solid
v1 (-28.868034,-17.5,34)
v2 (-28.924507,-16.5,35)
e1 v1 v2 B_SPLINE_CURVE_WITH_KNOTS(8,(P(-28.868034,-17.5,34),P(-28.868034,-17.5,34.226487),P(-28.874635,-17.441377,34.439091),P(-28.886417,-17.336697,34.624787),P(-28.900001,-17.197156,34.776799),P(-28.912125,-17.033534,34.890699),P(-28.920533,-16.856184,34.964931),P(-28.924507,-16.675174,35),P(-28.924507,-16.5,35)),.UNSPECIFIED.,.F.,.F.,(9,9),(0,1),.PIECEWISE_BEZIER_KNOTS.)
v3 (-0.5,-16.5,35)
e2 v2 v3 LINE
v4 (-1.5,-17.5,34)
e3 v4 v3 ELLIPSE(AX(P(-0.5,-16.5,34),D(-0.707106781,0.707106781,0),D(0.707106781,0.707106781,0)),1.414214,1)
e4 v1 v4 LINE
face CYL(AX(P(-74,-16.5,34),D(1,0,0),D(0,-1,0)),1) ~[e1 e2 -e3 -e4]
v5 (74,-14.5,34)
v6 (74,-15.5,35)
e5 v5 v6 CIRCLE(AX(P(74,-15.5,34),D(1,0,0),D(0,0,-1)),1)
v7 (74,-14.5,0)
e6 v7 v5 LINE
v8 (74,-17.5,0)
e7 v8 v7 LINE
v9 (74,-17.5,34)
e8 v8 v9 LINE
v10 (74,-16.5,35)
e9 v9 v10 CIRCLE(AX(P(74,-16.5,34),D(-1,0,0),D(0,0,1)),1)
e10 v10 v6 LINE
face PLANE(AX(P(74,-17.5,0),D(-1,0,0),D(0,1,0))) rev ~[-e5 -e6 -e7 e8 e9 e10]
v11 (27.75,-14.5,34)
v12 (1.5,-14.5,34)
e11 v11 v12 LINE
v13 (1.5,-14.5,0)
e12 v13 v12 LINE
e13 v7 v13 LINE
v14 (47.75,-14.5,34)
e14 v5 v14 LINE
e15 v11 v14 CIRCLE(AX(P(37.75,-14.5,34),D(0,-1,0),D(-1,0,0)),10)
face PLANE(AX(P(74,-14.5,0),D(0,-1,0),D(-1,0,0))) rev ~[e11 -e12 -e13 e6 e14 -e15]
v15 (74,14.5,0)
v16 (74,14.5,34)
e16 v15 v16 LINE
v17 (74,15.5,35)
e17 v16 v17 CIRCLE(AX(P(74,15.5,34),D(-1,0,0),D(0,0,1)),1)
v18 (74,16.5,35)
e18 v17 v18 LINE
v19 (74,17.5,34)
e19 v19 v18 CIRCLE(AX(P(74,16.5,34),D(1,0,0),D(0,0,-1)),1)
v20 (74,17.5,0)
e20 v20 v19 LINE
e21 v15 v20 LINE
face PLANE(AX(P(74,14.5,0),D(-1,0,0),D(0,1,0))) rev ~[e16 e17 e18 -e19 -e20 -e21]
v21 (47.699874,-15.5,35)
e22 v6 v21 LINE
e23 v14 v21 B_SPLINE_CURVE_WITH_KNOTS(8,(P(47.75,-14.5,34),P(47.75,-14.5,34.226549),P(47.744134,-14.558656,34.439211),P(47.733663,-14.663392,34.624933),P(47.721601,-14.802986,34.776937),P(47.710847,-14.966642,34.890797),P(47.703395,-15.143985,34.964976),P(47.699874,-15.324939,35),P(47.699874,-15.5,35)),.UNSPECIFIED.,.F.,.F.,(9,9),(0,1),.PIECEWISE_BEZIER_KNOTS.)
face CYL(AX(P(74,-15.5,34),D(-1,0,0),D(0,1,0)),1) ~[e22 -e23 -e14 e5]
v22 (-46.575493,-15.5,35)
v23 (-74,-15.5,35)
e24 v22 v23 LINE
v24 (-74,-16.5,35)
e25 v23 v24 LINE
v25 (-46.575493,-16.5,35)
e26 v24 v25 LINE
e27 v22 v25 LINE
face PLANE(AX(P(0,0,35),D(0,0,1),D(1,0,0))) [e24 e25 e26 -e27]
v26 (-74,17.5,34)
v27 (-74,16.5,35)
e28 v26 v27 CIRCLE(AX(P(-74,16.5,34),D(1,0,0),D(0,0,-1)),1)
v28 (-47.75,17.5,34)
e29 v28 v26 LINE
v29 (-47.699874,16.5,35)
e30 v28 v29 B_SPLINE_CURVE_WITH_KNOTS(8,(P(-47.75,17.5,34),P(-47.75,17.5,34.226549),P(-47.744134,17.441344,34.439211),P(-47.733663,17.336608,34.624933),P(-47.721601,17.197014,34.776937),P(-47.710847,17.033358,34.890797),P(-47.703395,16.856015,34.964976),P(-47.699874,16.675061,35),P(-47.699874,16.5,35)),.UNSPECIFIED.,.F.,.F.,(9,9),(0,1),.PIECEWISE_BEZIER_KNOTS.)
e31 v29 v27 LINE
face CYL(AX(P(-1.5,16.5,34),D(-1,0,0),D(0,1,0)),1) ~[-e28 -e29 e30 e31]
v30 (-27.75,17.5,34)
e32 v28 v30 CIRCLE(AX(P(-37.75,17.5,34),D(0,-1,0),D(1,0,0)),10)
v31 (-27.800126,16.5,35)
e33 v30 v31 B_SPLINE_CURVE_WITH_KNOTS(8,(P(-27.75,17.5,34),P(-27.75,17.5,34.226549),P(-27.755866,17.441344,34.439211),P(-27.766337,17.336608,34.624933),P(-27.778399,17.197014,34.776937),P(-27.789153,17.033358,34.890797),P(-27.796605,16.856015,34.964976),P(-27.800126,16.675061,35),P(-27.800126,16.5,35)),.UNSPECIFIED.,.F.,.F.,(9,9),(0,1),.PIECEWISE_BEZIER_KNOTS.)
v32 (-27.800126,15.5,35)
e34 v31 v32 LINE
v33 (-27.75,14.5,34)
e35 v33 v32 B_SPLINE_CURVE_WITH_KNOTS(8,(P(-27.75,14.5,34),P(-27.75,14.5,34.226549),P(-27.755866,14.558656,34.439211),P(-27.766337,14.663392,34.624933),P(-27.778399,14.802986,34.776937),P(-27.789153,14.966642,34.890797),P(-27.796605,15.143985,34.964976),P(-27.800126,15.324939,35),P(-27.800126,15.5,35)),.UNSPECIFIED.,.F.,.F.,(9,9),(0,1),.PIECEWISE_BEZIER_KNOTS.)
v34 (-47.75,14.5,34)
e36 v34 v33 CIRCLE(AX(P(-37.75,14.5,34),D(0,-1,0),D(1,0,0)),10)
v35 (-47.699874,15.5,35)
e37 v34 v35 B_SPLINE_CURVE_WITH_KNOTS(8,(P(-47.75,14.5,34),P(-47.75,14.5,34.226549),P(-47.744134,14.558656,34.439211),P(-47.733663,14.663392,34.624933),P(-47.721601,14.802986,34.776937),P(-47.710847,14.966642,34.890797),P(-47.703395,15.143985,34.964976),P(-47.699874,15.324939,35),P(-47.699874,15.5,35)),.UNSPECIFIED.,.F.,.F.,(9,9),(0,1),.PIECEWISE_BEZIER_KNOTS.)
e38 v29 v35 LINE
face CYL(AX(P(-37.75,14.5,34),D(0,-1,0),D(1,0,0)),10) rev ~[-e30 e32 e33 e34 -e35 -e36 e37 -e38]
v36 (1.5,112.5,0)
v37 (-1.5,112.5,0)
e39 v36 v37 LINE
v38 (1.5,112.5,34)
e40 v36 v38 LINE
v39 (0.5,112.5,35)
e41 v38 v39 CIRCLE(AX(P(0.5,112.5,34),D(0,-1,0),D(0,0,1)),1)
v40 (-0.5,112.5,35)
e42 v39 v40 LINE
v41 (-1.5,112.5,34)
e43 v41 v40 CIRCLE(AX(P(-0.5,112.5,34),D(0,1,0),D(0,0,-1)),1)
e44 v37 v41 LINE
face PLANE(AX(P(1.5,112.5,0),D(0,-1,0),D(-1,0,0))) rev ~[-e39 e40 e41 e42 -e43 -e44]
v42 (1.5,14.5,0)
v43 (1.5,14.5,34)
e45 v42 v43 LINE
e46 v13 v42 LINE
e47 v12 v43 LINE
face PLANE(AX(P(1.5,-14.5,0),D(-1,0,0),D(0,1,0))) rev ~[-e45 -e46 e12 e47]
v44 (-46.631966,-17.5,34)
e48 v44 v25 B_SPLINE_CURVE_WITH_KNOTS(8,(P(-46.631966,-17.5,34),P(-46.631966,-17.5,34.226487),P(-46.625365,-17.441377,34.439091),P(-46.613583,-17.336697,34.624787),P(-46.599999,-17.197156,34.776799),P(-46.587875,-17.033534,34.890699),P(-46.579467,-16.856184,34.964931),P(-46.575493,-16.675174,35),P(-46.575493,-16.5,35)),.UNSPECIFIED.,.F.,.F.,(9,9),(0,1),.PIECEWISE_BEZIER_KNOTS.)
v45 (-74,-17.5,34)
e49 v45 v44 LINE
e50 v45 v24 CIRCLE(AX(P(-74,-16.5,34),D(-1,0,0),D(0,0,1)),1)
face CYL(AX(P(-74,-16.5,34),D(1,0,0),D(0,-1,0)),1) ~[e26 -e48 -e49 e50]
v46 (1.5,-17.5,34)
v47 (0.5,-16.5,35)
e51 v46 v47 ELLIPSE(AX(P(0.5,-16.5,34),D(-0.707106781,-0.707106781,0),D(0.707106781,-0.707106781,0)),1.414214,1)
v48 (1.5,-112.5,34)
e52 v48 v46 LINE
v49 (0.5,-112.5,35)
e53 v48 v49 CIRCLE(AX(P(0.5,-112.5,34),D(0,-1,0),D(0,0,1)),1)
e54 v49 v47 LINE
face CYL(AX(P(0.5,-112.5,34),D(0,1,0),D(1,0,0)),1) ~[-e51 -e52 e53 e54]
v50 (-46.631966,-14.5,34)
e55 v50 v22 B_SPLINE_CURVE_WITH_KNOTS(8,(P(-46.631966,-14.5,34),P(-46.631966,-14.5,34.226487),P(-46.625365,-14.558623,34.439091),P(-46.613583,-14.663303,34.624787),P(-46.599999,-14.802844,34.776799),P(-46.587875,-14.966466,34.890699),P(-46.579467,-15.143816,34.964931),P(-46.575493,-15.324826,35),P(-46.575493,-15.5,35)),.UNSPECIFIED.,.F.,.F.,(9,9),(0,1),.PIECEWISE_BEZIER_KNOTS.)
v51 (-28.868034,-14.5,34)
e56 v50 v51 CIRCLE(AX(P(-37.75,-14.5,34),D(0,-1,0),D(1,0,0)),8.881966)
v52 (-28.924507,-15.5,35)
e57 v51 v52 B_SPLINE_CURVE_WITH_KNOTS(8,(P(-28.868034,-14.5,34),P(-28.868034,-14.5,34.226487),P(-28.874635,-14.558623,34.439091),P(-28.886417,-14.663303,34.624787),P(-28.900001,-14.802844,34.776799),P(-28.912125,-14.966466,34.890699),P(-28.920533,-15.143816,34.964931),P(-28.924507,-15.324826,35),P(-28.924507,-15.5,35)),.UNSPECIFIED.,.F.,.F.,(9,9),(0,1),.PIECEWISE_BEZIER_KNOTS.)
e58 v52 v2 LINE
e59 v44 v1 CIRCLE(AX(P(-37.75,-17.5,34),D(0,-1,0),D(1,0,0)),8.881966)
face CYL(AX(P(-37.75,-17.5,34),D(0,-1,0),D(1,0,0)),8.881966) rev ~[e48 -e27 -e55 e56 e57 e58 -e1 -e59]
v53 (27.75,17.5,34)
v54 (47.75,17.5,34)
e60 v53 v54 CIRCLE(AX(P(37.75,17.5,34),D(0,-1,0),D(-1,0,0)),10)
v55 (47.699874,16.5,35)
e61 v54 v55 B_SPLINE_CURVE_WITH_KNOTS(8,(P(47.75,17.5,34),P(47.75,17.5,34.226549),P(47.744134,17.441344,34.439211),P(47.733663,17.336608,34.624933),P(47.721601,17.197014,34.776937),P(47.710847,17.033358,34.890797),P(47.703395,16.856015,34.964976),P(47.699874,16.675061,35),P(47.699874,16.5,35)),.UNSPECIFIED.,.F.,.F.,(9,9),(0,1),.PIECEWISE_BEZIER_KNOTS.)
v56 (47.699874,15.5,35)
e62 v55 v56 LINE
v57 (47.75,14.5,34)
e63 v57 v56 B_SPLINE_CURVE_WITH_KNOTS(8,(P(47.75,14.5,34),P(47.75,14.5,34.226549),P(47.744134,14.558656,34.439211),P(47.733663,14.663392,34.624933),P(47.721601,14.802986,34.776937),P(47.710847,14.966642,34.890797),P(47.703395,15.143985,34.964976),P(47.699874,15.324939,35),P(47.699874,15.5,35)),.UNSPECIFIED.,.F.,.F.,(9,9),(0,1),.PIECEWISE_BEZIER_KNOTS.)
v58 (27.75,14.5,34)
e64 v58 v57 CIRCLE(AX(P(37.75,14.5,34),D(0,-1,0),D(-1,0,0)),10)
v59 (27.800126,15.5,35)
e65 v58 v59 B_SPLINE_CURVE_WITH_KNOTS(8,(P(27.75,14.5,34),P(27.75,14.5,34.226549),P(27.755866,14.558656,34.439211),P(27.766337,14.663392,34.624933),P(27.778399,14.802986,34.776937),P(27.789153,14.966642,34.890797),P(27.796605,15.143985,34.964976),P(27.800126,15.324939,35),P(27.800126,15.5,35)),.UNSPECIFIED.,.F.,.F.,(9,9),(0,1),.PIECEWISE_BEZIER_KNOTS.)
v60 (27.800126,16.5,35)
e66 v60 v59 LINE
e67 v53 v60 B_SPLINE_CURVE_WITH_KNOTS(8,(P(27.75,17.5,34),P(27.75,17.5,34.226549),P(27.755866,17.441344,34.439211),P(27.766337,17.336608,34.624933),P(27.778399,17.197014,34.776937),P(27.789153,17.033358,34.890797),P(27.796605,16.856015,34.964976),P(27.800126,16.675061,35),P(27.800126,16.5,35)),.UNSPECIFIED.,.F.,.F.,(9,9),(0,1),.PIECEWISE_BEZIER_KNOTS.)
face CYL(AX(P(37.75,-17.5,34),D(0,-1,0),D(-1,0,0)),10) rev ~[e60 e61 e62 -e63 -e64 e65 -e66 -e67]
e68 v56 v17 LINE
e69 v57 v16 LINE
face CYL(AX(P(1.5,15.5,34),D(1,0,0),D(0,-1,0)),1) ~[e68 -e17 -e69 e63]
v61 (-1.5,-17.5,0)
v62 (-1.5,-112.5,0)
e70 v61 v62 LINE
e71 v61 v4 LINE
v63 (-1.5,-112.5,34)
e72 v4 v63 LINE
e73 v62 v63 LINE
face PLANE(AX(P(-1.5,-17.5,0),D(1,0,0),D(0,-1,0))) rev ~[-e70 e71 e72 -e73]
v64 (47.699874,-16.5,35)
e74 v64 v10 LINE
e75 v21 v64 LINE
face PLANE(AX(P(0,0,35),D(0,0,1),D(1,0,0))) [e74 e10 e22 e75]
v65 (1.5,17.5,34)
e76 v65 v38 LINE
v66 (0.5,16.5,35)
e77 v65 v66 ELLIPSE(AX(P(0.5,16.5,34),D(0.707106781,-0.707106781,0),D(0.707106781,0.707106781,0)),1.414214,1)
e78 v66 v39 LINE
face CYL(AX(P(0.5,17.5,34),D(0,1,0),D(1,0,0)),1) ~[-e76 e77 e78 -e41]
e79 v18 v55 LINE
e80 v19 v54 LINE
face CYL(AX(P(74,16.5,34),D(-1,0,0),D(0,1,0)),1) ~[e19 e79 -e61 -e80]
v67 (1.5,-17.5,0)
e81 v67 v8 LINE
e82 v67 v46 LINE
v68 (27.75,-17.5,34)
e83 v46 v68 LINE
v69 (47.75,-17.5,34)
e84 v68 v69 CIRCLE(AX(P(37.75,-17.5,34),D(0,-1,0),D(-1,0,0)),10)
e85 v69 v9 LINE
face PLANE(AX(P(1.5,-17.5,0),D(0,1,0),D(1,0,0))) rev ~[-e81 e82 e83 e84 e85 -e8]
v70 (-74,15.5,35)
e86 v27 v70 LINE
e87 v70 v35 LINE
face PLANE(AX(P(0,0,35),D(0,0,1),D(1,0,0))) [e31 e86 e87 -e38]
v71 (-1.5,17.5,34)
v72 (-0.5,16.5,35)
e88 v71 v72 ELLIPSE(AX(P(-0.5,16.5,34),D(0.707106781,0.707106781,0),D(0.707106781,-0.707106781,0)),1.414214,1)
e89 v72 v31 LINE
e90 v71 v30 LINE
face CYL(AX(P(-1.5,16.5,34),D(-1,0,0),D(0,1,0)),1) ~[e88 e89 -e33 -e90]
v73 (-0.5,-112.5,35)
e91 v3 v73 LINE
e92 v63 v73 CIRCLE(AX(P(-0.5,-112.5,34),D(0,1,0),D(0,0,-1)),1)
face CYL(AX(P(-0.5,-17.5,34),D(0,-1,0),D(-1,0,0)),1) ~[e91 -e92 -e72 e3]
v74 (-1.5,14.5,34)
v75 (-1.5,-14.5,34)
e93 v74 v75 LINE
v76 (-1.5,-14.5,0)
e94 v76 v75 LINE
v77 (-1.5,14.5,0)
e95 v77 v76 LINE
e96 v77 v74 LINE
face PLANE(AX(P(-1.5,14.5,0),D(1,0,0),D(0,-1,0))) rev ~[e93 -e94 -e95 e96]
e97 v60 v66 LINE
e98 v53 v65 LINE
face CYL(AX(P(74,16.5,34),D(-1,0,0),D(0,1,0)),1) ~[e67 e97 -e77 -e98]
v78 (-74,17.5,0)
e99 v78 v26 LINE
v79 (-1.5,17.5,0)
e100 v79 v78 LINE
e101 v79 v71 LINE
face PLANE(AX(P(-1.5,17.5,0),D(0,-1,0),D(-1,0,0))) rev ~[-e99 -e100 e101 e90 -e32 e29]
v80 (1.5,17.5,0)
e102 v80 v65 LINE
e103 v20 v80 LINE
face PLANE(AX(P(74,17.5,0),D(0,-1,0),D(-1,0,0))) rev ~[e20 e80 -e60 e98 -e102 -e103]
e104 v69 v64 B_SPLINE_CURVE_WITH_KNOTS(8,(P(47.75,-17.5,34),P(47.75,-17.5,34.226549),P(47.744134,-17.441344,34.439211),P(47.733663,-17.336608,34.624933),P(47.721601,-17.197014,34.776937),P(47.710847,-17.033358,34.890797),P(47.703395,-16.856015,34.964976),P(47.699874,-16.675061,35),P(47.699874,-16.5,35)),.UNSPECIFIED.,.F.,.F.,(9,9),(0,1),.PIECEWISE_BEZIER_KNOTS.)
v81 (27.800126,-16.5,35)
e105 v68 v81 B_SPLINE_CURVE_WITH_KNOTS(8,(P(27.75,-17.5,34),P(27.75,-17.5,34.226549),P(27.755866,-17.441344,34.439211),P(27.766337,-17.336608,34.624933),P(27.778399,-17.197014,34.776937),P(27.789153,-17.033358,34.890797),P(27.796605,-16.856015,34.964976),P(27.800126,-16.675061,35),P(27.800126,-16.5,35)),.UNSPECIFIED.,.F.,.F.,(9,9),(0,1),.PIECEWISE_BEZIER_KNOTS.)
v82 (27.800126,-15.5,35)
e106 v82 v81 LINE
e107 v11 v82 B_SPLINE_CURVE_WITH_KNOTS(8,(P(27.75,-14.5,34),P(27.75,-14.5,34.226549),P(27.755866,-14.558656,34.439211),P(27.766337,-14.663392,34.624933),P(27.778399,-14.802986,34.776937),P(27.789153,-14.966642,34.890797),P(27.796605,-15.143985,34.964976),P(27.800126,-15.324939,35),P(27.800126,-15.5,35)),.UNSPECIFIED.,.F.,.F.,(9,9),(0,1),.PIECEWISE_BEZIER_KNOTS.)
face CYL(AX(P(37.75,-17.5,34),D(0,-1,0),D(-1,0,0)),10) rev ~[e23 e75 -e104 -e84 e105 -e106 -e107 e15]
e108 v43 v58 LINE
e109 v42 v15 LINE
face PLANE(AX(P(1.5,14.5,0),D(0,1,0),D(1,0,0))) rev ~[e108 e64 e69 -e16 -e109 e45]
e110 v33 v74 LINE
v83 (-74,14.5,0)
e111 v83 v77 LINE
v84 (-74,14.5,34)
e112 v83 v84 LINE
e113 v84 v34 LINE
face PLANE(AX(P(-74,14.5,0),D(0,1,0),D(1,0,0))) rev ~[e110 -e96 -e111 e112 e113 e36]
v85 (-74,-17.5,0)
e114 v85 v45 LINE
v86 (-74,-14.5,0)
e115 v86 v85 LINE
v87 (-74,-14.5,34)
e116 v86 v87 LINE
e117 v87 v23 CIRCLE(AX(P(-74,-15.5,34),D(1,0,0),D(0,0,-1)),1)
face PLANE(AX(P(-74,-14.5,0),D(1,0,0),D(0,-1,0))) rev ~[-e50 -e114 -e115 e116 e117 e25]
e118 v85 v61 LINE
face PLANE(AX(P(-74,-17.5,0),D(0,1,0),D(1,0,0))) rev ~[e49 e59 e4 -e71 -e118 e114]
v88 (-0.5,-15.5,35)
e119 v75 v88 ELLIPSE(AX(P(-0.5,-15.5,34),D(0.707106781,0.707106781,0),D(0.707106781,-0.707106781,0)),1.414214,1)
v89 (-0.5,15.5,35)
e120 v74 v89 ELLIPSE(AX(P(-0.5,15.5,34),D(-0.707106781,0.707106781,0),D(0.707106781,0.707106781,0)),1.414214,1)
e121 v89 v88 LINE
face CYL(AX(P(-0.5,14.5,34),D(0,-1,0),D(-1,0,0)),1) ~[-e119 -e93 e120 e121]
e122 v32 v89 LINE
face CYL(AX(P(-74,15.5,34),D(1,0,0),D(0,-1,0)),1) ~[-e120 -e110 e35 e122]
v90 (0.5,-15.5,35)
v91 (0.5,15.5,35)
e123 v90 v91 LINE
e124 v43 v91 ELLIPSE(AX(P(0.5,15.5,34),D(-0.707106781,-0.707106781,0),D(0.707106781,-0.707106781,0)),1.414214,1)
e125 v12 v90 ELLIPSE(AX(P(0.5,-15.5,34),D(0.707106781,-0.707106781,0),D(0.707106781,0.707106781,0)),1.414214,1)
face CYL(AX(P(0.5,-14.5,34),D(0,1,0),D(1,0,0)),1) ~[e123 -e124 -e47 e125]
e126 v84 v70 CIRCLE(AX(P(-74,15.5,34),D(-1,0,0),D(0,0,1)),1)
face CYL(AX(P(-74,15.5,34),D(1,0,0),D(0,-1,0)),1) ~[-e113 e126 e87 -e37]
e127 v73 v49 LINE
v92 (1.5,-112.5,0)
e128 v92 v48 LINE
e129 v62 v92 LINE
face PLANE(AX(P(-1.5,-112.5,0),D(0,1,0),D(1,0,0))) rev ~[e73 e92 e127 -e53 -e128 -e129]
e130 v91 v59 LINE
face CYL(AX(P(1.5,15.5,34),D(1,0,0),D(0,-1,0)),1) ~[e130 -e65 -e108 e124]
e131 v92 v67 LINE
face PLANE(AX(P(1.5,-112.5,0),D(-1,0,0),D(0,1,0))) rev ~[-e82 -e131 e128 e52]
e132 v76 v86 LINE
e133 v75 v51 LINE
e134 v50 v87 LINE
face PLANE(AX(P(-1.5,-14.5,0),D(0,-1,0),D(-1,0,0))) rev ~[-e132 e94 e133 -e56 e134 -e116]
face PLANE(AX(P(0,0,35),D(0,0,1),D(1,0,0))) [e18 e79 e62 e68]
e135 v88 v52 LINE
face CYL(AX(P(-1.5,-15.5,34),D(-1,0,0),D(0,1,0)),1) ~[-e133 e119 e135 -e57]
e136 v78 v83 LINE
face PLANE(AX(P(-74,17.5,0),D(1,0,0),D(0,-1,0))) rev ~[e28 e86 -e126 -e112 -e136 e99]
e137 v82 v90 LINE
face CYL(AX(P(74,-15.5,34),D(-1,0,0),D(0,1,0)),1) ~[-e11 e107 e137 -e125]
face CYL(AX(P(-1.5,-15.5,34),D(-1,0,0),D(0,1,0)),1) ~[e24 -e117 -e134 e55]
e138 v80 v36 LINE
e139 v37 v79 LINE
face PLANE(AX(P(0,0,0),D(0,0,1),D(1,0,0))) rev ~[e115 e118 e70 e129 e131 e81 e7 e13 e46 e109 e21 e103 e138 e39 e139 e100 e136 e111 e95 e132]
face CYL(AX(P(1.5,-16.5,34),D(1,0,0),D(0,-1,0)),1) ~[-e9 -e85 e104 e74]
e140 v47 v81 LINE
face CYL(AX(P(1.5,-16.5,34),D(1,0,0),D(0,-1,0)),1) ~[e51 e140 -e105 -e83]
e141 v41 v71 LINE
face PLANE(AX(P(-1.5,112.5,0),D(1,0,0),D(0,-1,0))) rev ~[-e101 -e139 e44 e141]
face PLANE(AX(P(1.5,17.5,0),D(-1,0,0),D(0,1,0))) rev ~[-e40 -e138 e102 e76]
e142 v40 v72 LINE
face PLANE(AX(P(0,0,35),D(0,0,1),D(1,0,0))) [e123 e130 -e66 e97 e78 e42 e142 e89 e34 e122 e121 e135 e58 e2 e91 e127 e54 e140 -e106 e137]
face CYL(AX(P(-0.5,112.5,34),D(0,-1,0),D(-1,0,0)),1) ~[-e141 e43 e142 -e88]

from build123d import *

# Parameters (mm, degrees)
F1_DEPTH = 35
F2_R     = 1
F4_DEPTH = 25
F6_DEPTH = 25
F8_DEPTH = 130.001


with BuildPart() as f1:
    # F0 (on Top) → F1 (new body)
    with BuildSketch(Plane.XY):
        Polygon((1.5, 17.5), (1.5, 112.5), (-1.5, 112.5), (-1.5, 17.5), (-74, 17.5), (-74, 14.5), (-1.5, 14.5), (-1.5, -14.5), (-74, -14.5), (-74, -17.5), (-1.5, -17.5), (-1.5, -112.5), (1.5, -112.5), (1.5, -17.5), (74, -17.5), (74, -14.5), (1.5, -14.5), (1.5, 14.5), (74, 14.5), (74, 17.5), align=None)
    extrude(amount=F1_DEPTH)

    # F2
    f2_edges = [f1.edges().sort_by_distance(p)[0] for p in [
        (-37.75, 14.5, 35),
        (-1.5, 65, 35),
        (-37.75, 17.5, 35),
        (1.5, 65, 35),
        (37.75, 17.5, 35),
        (37.75, 14.5, 35),
        (1.5, 0, 35),
        (-1.5, 0, 35),
        (-37.75, -14.5, 35),
        (-37.75, -17.5, 35),
        (37.75, -14.5, 35),
        (37.75, -17.5, 35),
        (-1.5, -65, 35),
        (1.5, -65, 35),
    ]]
    fillet(f2_edges, radius=F2_R)

    # F3 (on face) → F4 (cut)
    with BuildSketch(Plane.XZ.offset(17.5)):
        with BuildLine():
            ThreePointArc((-46.6319660113, 34), (-37.75, 25.1180339887), (-28.8680339887, 34))
            Line((-28.8680339887, 34), (-46.6319660113, 34))
        make_face()
        with BuildLine():
            Line((-46.6319660113, 34), (-28.8680339887, 34))
            ThreePointArc((-28.8680339887, 34), (-37.75, 42.8819660113), (-46.6319660113, 34))
        make_face()
    extrude(amount=-F4_DEPTH, mode=Mode.SUBTRACT)

    # F5 (on face) → F6 (cut)
    with BuildSketch(Plane.XZ.offset(-14.5)):
        with BuildLine():
            ThreePointArc((-47.75, 34), (-37.75, 24), (-27.75, 34))
            Line((-27.75, 34), (-47.75, 34))
        make_face()
        with BuildLine():
            Line((-47.75, 34), (-27.75, 34))
            ThreePointArc((-27.75, 34), (-37.75, 44), (-47.75, 34))
        make_face()
    extrude(amount=-F6_DEPTH, mode=Mode.SUBTRACT)

    # F7 (on face) → F8 (cut, through all)
    with BuildSketch(Plane.XZ.offset(17.5)):
        with BuildLine():
            Line((27.75, 34), (47.75, 34))
            ThreePointArc((47.75, 34), (37.75, 44), (27.75, 34))
        make_face()
        with BuildLine():
            ThreePointArc((27.75, 34), (37.75, 24), (47.75, 34))
            Line((47.75, 34), (27.75, 34))
        make_face()
    extrude(amount=-F8_DEPTH, mode=Mode.SUBTRACT)


solid = f1.part
